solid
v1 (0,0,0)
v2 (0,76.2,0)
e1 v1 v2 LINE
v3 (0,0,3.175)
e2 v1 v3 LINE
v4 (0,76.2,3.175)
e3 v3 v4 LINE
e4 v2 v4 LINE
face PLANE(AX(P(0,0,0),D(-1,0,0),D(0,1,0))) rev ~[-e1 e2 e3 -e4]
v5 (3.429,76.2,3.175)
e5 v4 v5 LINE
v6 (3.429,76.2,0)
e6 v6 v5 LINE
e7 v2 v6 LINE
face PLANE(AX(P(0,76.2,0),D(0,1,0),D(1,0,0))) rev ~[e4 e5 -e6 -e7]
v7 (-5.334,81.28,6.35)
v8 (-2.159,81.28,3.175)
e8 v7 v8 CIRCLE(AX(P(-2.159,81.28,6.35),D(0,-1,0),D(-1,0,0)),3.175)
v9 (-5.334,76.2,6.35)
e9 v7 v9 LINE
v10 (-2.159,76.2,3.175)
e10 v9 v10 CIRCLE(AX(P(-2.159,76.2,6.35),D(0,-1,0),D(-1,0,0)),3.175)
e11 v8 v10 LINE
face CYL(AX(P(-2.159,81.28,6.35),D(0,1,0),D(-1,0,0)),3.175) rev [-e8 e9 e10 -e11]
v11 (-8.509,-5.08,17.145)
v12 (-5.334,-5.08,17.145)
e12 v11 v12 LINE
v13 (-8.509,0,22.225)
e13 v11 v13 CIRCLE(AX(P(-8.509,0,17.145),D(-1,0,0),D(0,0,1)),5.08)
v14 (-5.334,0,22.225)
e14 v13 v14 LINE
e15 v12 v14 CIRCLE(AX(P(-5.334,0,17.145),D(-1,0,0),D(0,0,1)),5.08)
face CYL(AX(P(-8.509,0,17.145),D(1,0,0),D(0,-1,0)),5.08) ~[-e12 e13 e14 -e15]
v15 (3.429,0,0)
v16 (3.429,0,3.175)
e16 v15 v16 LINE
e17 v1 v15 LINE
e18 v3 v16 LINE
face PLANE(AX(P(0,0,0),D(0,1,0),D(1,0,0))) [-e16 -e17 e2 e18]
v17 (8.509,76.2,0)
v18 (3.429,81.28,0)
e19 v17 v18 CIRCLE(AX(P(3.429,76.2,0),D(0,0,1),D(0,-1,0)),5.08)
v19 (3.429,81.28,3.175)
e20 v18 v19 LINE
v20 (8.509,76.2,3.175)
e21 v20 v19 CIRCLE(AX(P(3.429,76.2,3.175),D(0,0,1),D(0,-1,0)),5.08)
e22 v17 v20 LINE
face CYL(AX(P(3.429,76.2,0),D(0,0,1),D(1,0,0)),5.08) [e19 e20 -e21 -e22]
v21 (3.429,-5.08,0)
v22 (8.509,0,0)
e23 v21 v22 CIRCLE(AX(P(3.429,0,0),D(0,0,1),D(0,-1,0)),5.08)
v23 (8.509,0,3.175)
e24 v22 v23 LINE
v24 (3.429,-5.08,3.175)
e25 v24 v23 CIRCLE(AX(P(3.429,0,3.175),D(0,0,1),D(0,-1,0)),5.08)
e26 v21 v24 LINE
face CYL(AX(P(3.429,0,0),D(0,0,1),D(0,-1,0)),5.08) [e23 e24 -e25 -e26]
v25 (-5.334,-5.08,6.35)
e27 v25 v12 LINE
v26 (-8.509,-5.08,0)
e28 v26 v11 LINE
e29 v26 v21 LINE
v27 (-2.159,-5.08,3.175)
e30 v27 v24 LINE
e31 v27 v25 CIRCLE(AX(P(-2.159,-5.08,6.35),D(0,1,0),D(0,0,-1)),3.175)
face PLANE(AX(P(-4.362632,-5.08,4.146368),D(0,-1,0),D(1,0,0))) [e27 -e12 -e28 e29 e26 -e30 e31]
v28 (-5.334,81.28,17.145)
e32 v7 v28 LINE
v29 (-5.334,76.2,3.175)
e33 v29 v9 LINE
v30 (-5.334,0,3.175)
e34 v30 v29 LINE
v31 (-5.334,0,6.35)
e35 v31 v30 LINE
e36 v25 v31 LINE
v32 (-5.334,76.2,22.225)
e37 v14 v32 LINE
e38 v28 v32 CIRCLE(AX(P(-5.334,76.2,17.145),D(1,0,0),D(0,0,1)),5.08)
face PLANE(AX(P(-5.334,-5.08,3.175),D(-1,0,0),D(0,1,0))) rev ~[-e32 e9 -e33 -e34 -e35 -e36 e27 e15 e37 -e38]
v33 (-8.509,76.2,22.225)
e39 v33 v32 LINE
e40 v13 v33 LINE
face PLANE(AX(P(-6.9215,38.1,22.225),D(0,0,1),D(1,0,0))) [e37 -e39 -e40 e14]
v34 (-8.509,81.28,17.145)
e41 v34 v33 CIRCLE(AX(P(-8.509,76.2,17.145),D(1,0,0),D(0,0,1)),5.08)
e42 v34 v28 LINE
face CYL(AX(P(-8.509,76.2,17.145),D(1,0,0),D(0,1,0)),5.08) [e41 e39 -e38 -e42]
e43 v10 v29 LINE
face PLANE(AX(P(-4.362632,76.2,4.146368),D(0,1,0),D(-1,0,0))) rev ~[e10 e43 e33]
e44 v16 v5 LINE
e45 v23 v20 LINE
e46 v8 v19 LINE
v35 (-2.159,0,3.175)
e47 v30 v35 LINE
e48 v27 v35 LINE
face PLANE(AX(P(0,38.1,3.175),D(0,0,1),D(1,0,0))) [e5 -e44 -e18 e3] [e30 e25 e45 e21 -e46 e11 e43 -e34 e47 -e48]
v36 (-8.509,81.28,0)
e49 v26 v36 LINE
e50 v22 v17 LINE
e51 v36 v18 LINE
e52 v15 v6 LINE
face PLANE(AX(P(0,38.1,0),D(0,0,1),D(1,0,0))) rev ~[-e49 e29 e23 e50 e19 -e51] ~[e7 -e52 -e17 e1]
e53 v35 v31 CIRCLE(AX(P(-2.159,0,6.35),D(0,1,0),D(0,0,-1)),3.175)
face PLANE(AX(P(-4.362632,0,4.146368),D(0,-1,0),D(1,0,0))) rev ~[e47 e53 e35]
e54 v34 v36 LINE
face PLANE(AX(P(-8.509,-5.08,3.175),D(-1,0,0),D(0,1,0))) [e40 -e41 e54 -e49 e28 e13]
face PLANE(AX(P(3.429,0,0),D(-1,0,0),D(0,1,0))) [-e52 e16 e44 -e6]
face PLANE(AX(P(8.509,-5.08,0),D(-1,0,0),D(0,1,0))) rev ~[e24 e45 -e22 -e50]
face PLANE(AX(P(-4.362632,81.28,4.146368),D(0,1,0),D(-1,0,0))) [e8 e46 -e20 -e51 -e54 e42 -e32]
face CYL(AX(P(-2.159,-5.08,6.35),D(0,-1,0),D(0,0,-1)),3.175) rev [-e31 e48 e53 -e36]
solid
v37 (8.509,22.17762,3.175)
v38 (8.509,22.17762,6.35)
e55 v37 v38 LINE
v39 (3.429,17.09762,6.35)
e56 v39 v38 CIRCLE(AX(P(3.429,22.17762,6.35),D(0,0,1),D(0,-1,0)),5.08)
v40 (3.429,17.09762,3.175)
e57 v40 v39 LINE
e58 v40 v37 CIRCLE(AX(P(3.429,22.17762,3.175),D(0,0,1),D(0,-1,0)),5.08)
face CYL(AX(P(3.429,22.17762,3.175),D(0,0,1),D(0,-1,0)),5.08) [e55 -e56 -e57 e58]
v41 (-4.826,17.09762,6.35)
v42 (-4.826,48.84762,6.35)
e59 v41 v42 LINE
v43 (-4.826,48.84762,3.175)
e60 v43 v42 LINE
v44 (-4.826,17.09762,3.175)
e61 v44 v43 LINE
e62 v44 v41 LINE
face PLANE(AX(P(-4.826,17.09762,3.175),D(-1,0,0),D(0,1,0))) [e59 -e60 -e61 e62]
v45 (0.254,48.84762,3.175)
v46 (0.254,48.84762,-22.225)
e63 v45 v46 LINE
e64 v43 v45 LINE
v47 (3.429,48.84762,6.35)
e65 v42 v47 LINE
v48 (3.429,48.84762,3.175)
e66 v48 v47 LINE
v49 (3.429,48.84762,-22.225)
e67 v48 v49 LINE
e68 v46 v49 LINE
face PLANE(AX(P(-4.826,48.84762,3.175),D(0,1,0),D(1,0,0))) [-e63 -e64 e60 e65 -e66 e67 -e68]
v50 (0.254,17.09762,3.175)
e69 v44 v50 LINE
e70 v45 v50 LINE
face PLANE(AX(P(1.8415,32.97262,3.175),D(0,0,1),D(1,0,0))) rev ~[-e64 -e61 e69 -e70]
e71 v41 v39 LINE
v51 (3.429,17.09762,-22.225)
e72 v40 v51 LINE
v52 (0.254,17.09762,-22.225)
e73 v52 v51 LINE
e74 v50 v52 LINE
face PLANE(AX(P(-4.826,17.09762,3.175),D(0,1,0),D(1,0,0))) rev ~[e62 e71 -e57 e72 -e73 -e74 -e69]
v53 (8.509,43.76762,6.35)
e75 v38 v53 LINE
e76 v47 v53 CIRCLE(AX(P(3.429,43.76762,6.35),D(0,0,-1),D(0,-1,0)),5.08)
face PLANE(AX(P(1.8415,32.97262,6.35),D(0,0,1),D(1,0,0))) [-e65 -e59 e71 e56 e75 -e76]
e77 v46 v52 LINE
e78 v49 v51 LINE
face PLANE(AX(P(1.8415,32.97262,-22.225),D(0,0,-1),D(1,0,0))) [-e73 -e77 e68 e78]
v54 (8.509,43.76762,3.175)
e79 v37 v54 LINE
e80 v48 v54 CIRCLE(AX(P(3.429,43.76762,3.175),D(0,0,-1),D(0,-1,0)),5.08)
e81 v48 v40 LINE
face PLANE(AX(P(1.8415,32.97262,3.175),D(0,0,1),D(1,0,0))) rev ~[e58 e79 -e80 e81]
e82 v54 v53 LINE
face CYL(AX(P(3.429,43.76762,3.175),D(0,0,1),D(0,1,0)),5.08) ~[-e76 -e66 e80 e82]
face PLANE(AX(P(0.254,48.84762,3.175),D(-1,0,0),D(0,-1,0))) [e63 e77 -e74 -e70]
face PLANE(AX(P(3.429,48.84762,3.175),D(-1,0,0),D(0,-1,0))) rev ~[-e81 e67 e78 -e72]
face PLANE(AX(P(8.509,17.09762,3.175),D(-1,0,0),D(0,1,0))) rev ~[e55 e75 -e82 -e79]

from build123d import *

# Parameters (mm, degrees)
F0_W      = 17.018
F0_H      = 86.36
F0_W_2    = 3.429
F0_H_2    = 76.2
F1_DEPTH  = 3.175
F2_W      = 3.175
F2_H      = 86.36
F3_DEPTH  = 19.05
F4_W      = 13.335
F4_H      = 31.75
F5_DEPTH  = 3.175
F6_W      = 3.175
F6_H      = 31.75
F7_DEPTH  = 25.4
F8_R      = 5.08
F8_2_R    = 5.08
F11_DEPTH = 5.08
F12_DEPTH = 5.08


with BuildPart() as f1:
    # F0 (on Top) → F1 (new body)
    with BuildSketch(Plane.XY):
        with Locations((0, 38.1)):
            Rectangle(F0_W, F0_H)
        with Locations((1.7145, 38.1)):
            Rectangle(F0_W_2, F0_H_2, mode=Mode.SUBTRACT)
    extrude(amount=F1_DEPTH)

    # F2 (on face) → F3 (join)
    with BuildSketch(Plane.XY.offset(3.175)):
        with Locations((-6.9215, 38.1)):
            Rectangle(F2_W, F2_H)
    extrude(amount=F3_DEPTH)

    # F8#2
    f8_2_edges = [f1.edges().sort_by_distance(p)[0] for p in [
        (8.509, -5.08, 1.5875),
        (8.509, 81.28, 1.5875),
        (-6.9215, -5.08, 22.225),
        (-6.9215, 81.28, 22.225),
    ]]
    fillet(f8_2_edges, radius=F8_2_R)

    # F9 (on face) → F11 (join, through all)
    with BuildSketch(Plane.XZ.offset(5.08)):
        with BuildLine():
            Line((-5.334, 6.35), (-5.334, 3.175))
            Line((-5.334, 3.175), (-2.159, 3.175))
            ThreePointArc((-2.159, 3.175), (-4.4040640303, 4.1049359697), (-5.334, 6.35))
        make_face()
    extrude(amount=-F11_DEPTH)

    # F10 (on face) → F12 (join, through all)
    with BuildSketch(Plane(origin=(0, 81.28, 0), x_dir=(-1, 0, 0), z_dir=(0, 1, 0))):
        with BuildLine():
            Line((5.334, 3.175), (5.334, 6.35))
            ThreePointArc((5.334, 6.35), (4.4040640303, 4.1049359697), (2.159, 3.175))
            Line((2.159, 3.175), (5.334, 3.175))
        make_face()
    extrude(amount=-F12_DEPTH)


with BuildPart() as f5:
    # F4 (on face) → F5 (new body)
    with BuildSketch(Plane.XY.offset(3.175)):
        with Locations((1.8415, 32.9726202935)):
            Rectangle(F4_W, F4_H)
    extrude(amount=F5_DEPTH)

    # F6 (on face) → F7 (join)
    with BuildSketch(Plane(origin=(0, 0, 3.175), x_dir=(1, 0, 0), z_dir=(0, 0, -1))):
        with Locations((1.8415, -32.9726202935)):
            Rectangle(F6_W, F6_H)
    extrude(amount=F7_DEPTH)

    # F8
    f8_edges = [f5.edges().sort_by_distance(p)[0] for p in [
        (8.509, 17.09762, 4.7625),
        (8.509, 48.84762, 4.7625),
    ]]
    fillet(f8_edges, radius=F8_R)


solid = Compound([f1.part, f5.part])
